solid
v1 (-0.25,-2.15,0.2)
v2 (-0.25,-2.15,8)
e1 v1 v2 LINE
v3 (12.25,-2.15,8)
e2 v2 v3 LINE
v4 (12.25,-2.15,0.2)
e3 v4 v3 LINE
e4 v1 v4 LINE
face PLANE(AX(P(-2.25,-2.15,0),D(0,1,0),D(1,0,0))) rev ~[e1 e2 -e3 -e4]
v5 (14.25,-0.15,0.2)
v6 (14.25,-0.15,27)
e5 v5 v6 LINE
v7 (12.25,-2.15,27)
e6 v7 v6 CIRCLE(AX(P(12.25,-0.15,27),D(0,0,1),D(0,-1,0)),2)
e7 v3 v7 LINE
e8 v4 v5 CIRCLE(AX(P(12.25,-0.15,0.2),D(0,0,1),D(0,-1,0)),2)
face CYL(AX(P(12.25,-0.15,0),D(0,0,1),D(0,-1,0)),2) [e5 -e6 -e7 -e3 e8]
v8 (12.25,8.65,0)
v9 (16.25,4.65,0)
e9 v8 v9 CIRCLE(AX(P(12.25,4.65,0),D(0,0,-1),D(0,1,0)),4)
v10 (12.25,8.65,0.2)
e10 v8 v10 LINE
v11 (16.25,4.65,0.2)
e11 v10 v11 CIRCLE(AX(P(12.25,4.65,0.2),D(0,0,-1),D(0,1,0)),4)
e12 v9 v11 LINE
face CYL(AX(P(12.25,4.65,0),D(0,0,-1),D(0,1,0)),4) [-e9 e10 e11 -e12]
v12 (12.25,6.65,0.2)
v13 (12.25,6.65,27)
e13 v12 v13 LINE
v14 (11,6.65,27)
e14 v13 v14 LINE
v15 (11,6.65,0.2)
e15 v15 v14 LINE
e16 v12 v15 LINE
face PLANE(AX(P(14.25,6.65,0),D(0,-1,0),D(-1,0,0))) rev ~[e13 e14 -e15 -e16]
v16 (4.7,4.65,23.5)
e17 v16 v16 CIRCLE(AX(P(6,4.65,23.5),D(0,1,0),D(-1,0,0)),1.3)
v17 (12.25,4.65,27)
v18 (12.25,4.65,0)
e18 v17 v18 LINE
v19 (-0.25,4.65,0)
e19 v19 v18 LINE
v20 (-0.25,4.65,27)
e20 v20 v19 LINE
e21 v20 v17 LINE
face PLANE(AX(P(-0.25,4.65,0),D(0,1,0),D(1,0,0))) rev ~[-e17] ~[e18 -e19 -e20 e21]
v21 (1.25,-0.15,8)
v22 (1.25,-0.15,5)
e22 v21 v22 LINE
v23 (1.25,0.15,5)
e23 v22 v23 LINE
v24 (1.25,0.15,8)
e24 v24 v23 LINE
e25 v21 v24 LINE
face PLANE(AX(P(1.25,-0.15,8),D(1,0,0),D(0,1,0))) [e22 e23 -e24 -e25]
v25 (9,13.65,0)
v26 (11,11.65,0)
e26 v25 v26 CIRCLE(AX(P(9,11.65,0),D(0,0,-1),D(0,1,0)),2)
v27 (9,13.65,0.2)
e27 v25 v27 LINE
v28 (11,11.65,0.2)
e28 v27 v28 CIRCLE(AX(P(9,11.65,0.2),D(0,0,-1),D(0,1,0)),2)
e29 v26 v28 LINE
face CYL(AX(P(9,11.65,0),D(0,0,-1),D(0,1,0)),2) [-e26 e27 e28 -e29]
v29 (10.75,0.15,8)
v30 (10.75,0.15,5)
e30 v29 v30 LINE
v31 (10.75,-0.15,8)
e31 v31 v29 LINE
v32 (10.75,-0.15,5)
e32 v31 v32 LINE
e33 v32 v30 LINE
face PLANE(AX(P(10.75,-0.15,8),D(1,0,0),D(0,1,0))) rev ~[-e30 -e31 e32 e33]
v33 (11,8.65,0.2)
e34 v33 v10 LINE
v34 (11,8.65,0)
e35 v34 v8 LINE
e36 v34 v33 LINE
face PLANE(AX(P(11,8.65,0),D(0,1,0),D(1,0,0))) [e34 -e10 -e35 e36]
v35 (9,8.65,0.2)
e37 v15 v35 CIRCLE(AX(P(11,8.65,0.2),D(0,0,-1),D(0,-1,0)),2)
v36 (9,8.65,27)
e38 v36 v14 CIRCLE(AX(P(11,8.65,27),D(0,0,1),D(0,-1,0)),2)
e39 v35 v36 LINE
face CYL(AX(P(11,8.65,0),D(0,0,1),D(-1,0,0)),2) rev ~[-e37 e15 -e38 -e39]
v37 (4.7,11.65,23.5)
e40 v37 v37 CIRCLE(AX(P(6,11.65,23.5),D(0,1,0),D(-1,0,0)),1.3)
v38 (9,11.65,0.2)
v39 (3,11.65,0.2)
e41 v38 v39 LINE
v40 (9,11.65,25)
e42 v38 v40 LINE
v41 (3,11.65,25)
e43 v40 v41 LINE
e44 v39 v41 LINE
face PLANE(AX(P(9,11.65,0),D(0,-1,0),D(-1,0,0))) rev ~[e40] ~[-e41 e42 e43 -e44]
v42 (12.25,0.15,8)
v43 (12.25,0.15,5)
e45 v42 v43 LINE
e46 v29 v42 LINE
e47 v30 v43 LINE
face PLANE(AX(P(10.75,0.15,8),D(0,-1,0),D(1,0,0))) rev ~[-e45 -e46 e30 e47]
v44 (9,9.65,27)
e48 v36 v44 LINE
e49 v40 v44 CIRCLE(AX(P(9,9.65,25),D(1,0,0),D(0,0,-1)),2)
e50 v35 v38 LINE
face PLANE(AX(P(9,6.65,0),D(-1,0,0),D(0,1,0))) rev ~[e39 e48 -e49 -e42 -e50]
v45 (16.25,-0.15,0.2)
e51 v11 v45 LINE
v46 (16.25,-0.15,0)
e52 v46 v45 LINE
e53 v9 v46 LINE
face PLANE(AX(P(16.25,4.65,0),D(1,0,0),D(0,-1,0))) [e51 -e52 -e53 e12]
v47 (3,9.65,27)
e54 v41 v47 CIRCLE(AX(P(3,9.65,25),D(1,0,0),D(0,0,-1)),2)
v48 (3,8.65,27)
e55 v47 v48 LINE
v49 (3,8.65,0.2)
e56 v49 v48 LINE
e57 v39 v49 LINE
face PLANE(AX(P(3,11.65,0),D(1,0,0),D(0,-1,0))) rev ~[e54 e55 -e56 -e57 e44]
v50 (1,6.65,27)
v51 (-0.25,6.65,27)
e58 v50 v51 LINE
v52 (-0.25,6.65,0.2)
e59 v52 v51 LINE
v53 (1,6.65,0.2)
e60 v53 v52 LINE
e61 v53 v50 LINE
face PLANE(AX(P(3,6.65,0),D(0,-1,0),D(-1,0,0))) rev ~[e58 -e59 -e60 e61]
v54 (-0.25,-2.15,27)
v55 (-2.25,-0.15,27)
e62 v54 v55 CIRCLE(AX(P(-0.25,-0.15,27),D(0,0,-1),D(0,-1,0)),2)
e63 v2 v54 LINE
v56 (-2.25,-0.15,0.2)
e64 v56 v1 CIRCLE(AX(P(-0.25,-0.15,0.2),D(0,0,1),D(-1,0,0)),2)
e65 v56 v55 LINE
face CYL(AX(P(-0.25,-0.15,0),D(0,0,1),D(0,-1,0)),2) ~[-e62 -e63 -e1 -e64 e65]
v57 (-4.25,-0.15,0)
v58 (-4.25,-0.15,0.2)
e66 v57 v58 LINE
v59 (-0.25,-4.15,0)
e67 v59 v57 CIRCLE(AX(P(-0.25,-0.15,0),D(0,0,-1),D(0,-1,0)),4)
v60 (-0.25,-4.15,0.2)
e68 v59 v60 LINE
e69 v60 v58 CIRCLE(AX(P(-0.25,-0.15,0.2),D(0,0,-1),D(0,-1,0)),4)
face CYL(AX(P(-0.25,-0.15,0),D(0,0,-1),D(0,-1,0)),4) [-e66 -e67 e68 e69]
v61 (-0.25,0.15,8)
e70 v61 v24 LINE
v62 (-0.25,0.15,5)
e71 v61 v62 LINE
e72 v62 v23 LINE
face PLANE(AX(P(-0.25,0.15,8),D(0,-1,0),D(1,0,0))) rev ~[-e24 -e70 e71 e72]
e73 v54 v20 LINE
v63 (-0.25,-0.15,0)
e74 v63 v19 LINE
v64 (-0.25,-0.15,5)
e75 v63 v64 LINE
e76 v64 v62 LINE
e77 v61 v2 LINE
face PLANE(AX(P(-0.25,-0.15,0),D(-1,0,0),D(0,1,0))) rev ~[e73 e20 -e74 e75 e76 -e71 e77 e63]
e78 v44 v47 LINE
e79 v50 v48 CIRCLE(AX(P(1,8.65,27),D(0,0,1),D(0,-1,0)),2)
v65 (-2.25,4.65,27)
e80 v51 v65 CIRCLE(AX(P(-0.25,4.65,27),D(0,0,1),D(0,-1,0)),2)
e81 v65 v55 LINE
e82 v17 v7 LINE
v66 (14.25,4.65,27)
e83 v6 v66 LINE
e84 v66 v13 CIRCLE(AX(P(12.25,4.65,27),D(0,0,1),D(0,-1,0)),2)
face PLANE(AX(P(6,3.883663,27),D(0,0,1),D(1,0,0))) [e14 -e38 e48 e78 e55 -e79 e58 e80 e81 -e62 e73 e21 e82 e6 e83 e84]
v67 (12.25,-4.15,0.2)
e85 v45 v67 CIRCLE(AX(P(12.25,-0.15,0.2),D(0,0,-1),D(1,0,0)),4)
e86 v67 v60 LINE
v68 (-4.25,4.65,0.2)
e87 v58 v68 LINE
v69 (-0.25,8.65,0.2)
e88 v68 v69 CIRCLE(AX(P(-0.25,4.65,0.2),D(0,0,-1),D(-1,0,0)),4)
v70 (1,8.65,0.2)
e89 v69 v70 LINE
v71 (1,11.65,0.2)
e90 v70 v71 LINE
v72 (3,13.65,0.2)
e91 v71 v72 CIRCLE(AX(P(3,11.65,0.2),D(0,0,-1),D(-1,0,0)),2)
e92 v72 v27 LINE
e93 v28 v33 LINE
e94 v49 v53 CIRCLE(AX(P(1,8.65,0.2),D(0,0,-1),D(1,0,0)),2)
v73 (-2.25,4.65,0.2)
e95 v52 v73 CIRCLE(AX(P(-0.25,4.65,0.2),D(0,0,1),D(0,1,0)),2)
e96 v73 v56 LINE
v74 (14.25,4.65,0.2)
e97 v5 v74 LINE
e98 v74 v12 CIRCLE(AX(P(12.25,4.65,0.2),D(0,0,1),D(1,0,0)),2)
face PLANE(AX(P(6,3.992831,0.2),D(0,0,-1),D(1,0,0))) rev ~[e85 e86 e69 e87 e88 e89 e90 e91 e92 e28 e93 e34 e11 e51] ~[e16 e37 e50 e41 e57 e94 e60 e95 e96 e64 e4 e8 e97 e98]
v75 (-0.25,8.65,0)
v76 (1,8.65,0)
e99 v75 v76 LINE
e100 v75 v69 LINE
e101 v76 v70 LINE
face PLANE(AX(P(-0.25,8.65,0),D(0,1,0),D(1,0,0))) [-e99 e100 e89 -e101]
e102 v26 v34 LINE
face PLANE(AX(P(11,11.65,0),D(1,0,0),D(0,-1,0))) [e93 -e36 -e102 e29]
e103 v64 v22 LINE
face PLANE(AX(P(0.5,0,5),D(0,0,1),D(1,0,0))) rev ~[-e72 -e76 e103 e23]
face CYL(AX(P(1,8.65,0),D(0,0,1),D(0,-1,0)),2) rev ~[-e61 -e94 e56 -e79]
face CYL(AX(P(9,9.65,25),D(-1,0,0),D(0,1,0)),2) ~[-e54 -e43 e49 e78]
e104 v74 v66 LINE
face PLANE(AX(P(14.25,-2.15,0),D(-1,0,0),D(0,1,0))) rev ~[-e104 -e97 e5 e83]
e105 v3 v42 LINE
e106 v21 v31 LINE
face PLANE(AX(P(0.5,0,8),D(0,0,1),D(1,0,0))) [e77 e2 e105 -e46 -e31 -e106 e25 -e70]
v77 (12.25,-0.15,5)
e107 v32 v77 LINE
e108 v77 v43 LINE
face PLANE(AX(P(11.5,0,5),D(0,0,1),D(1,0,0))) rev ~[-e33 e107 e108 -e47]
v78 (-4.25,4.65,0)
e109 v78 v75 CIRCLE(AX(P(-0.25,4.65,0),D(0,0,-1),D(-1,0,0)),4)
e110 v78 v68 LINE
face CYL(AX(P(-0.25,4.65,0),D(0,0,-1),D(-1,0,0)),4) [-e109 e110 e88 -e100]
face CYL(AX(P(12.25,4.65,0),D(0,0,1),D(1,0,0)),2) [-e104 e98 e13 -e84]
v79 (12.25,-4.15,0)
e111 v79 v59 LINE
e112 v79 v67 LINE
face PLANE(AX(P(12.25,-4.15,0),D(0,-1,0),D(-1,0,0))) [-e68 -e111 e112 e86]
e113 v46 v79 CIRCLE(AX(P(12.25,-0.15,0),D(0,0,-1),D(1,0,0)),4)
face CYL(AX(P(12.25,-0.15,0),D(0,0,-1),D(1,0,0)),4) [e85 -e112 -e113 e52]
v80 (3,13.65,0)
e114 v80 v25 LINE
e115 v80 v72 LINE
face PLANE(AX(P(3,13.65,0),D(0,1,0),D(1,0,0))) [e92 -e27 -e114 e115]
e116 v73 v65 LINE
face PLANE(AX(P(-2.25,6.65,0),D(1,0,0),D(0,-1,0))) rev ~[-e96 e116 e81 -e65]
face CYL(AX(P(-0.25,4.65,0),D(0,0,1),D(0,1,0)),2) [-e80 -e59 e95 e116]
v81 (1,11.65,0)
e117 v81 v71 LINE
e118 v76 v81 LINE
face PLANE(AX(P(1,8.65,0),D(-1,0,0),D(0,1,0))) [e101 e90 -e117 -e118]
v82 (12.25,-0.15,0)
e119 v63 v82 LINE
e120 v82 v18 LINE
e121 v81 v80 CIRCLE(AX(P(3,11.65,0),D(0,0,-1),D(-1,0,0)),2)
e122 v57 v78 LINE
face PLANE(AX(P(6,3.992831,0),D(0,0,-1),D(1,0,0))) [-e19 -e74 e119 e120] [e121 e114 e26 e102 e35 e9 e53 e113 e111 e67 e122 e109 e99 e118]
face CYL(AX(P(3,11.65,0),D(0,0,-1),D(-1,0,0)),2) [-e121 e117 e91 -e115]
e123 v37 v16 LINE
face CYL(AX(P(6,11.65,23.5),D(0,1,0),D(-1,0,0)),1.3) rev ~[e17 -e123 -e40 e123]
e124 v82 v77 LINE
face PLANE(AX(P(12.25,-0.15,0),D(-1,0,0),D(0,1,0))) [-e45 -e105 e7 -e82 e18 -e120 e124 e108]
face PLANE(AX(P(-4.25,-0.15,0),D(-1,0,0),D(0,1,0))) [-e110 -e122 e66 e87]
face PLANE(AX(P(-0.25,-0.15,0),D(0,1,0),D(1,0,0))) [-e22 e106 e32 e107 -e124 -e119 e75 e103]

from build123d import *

# Parameters (mm, degrees)
F0_W      = 12.5
F0_H      = 4.8
F1_DEPTH  = 27
F2_W      = 12.5
F2_H      = 6.8
F3_DEPTH  = 19
F4_W      = 1.5
F4_H      = 0.3
F5_DEPTH  = 3
F6_R      = 1.3
F7_DEPTH  = 13.801
F8_R      = 2
F10_DEPTH = 0.2


with BuildPart() as f1:
    # F0 (on Top) → F1 (new body)
    with BuildSketch(Plane.XY):
        Polygon((3, 6.65), (-2.25, 6.65), (-2.25, -2.15), (14.25, -2.15), (14.25, 6.65), (9, 6.65), (9, 11.65), (3, 11.65), align=None)
        with Locations((6, 2.25)):
            Rectangle(F0_W, F0_H, mode=Mode.SUBTRACT)
    extrude(amount=F1_DEPTH)

    # F2 (on face) → F3 (cut)
    with BuildSketch(Plane.XY.offset(27)):
        with Locations((6, 1.25)):
            Rectangle(F2_W, F2_H)
    extrude(amount=-F3_DEPTH, mode=Mode.SUBTRACT)

    # F4 (on face) → F5 (join)
    with BuildSketch(Plane.XY.offset(8)):
        with Locations((0.5, 0)):
            Rectangle(F4_W, F4_H)
        with Locations((11.5, 0)):
            Rectangle(F4_W, F4_H)
    extrude(amount=-F5_DEPTH)

    # F6 (on face) → F7 (cut, through all)
    with BuildSketch(Plane(origin=(0, 11.65, 0), x_dir=(-1, 0, 0), z_dir=(0, 1, 0))):
        with Locations((-6, 23.5)):
            Circle(F6_R)
    extrude(amount=-F7_DEPTH, mode=Mode.SUBTRACT)

    # F8
    f8_edges = [f1.edges().sort_by_distance(p)[0] for p in [
        (9, 6.65, 13.5),
        (3, 6.65, 13.5),
        (-2.25, 6.65, 13.5),
        (-2.25, -2.15, 13.5),
        (14.25, 6.65, 13.5),
        (14.25, -2.15, 13.5),
        (6, 11.65, 27),
    ]]
    fillet(f8_edges, radius=F8_R)

    # F9 (on face) → F10 (join)
    with BuildSketch(Plane(origin=(0, 0, 0), x_dir=(1, 0, 0), z_dir=(0, 0, -1))):
        with BuildLine():
            ThreePointArc((-0.25, 4.15), (-3.0784271247, 2.9784271247), (-4.25, 0.15))
            Line((-4.25, 0.15), (-4.25, -4.65))
            ThreePointArc((-4.25, -4.65), (-3.0784271247, -7.4784271247), (-0.25, -8.65))
            Line((-0.25, -8.65), (1, -8.65))
            Line((1, -8.65), (1, -11.65))
            ThreePointArc((1, -11.65), (1.5857864376, -13.0642135624), (3, -13.65))
            Line((3, -13.65), (9, -13.65))
            ThreePointArc((9, -13.65), (10.4142135624, -13.0642135624), (11, -11.65))
            Line((11, -11.65), (11, -8.65))
            Line((11, -8.65), (12.25, -8.65))
            ThreePointArc((12.25, -8.65), (15.0784271247, -7.4784271247), (16.25, -4.65))
            Line((16.25, -4.65), (16.25, 0.15))
            ThreePointArc((16.25, 0.15), (15.0784271247, 2.9784271247), (12.25, 4.15))
            Line((12.25, 4.15), (-0.25, 4.15))
        make_face()
        with BuildLine():
            ThreePointArc((-0.25, -6.65), (-1.6642135624, -6.0642135624), (-2.25, -4.65))
            Line((-2.25, -4.65), (-2.25, 0.15))
            ThreePointArc((-2.25, 0.15), (-1.6642135624, 1.5642135624), (-0.25, 2.15))
            Line((-0.25, 2.15), (12.25, 2.15))
            ThreePointArc((12.25, 2.15), (13.6642135624, 1.5642135624), (14.25, 0.15))
            Line((14.25, 0.15), (14.25, -4.65))
            ThreePointArc((14.25, -4.65), (13.6642135624, -6.0642135624), (12.25, -6.65))
            Line((12.25, -6.65), (11, -6.65))
            ThreePointArc((11, -6.65), (9.5857864376, -7.2357864376), (9, -8.65))
            Line((9, -8.65), (9, -11.65))
            Line((9, -11.65), (3, -11.65))
            Line((3, -11.65), (3, -8.65))
            ThreePointArc((3, -8.65), (2.4142135624, -7.2357864376), (1, -6.65))
            Line((1, -6.65), (-0.25, -6.65))
        make_face(mode=Mode.SUBTRACT)
    extrude(amount=-F10_DEPTH)


solid = f1.part
